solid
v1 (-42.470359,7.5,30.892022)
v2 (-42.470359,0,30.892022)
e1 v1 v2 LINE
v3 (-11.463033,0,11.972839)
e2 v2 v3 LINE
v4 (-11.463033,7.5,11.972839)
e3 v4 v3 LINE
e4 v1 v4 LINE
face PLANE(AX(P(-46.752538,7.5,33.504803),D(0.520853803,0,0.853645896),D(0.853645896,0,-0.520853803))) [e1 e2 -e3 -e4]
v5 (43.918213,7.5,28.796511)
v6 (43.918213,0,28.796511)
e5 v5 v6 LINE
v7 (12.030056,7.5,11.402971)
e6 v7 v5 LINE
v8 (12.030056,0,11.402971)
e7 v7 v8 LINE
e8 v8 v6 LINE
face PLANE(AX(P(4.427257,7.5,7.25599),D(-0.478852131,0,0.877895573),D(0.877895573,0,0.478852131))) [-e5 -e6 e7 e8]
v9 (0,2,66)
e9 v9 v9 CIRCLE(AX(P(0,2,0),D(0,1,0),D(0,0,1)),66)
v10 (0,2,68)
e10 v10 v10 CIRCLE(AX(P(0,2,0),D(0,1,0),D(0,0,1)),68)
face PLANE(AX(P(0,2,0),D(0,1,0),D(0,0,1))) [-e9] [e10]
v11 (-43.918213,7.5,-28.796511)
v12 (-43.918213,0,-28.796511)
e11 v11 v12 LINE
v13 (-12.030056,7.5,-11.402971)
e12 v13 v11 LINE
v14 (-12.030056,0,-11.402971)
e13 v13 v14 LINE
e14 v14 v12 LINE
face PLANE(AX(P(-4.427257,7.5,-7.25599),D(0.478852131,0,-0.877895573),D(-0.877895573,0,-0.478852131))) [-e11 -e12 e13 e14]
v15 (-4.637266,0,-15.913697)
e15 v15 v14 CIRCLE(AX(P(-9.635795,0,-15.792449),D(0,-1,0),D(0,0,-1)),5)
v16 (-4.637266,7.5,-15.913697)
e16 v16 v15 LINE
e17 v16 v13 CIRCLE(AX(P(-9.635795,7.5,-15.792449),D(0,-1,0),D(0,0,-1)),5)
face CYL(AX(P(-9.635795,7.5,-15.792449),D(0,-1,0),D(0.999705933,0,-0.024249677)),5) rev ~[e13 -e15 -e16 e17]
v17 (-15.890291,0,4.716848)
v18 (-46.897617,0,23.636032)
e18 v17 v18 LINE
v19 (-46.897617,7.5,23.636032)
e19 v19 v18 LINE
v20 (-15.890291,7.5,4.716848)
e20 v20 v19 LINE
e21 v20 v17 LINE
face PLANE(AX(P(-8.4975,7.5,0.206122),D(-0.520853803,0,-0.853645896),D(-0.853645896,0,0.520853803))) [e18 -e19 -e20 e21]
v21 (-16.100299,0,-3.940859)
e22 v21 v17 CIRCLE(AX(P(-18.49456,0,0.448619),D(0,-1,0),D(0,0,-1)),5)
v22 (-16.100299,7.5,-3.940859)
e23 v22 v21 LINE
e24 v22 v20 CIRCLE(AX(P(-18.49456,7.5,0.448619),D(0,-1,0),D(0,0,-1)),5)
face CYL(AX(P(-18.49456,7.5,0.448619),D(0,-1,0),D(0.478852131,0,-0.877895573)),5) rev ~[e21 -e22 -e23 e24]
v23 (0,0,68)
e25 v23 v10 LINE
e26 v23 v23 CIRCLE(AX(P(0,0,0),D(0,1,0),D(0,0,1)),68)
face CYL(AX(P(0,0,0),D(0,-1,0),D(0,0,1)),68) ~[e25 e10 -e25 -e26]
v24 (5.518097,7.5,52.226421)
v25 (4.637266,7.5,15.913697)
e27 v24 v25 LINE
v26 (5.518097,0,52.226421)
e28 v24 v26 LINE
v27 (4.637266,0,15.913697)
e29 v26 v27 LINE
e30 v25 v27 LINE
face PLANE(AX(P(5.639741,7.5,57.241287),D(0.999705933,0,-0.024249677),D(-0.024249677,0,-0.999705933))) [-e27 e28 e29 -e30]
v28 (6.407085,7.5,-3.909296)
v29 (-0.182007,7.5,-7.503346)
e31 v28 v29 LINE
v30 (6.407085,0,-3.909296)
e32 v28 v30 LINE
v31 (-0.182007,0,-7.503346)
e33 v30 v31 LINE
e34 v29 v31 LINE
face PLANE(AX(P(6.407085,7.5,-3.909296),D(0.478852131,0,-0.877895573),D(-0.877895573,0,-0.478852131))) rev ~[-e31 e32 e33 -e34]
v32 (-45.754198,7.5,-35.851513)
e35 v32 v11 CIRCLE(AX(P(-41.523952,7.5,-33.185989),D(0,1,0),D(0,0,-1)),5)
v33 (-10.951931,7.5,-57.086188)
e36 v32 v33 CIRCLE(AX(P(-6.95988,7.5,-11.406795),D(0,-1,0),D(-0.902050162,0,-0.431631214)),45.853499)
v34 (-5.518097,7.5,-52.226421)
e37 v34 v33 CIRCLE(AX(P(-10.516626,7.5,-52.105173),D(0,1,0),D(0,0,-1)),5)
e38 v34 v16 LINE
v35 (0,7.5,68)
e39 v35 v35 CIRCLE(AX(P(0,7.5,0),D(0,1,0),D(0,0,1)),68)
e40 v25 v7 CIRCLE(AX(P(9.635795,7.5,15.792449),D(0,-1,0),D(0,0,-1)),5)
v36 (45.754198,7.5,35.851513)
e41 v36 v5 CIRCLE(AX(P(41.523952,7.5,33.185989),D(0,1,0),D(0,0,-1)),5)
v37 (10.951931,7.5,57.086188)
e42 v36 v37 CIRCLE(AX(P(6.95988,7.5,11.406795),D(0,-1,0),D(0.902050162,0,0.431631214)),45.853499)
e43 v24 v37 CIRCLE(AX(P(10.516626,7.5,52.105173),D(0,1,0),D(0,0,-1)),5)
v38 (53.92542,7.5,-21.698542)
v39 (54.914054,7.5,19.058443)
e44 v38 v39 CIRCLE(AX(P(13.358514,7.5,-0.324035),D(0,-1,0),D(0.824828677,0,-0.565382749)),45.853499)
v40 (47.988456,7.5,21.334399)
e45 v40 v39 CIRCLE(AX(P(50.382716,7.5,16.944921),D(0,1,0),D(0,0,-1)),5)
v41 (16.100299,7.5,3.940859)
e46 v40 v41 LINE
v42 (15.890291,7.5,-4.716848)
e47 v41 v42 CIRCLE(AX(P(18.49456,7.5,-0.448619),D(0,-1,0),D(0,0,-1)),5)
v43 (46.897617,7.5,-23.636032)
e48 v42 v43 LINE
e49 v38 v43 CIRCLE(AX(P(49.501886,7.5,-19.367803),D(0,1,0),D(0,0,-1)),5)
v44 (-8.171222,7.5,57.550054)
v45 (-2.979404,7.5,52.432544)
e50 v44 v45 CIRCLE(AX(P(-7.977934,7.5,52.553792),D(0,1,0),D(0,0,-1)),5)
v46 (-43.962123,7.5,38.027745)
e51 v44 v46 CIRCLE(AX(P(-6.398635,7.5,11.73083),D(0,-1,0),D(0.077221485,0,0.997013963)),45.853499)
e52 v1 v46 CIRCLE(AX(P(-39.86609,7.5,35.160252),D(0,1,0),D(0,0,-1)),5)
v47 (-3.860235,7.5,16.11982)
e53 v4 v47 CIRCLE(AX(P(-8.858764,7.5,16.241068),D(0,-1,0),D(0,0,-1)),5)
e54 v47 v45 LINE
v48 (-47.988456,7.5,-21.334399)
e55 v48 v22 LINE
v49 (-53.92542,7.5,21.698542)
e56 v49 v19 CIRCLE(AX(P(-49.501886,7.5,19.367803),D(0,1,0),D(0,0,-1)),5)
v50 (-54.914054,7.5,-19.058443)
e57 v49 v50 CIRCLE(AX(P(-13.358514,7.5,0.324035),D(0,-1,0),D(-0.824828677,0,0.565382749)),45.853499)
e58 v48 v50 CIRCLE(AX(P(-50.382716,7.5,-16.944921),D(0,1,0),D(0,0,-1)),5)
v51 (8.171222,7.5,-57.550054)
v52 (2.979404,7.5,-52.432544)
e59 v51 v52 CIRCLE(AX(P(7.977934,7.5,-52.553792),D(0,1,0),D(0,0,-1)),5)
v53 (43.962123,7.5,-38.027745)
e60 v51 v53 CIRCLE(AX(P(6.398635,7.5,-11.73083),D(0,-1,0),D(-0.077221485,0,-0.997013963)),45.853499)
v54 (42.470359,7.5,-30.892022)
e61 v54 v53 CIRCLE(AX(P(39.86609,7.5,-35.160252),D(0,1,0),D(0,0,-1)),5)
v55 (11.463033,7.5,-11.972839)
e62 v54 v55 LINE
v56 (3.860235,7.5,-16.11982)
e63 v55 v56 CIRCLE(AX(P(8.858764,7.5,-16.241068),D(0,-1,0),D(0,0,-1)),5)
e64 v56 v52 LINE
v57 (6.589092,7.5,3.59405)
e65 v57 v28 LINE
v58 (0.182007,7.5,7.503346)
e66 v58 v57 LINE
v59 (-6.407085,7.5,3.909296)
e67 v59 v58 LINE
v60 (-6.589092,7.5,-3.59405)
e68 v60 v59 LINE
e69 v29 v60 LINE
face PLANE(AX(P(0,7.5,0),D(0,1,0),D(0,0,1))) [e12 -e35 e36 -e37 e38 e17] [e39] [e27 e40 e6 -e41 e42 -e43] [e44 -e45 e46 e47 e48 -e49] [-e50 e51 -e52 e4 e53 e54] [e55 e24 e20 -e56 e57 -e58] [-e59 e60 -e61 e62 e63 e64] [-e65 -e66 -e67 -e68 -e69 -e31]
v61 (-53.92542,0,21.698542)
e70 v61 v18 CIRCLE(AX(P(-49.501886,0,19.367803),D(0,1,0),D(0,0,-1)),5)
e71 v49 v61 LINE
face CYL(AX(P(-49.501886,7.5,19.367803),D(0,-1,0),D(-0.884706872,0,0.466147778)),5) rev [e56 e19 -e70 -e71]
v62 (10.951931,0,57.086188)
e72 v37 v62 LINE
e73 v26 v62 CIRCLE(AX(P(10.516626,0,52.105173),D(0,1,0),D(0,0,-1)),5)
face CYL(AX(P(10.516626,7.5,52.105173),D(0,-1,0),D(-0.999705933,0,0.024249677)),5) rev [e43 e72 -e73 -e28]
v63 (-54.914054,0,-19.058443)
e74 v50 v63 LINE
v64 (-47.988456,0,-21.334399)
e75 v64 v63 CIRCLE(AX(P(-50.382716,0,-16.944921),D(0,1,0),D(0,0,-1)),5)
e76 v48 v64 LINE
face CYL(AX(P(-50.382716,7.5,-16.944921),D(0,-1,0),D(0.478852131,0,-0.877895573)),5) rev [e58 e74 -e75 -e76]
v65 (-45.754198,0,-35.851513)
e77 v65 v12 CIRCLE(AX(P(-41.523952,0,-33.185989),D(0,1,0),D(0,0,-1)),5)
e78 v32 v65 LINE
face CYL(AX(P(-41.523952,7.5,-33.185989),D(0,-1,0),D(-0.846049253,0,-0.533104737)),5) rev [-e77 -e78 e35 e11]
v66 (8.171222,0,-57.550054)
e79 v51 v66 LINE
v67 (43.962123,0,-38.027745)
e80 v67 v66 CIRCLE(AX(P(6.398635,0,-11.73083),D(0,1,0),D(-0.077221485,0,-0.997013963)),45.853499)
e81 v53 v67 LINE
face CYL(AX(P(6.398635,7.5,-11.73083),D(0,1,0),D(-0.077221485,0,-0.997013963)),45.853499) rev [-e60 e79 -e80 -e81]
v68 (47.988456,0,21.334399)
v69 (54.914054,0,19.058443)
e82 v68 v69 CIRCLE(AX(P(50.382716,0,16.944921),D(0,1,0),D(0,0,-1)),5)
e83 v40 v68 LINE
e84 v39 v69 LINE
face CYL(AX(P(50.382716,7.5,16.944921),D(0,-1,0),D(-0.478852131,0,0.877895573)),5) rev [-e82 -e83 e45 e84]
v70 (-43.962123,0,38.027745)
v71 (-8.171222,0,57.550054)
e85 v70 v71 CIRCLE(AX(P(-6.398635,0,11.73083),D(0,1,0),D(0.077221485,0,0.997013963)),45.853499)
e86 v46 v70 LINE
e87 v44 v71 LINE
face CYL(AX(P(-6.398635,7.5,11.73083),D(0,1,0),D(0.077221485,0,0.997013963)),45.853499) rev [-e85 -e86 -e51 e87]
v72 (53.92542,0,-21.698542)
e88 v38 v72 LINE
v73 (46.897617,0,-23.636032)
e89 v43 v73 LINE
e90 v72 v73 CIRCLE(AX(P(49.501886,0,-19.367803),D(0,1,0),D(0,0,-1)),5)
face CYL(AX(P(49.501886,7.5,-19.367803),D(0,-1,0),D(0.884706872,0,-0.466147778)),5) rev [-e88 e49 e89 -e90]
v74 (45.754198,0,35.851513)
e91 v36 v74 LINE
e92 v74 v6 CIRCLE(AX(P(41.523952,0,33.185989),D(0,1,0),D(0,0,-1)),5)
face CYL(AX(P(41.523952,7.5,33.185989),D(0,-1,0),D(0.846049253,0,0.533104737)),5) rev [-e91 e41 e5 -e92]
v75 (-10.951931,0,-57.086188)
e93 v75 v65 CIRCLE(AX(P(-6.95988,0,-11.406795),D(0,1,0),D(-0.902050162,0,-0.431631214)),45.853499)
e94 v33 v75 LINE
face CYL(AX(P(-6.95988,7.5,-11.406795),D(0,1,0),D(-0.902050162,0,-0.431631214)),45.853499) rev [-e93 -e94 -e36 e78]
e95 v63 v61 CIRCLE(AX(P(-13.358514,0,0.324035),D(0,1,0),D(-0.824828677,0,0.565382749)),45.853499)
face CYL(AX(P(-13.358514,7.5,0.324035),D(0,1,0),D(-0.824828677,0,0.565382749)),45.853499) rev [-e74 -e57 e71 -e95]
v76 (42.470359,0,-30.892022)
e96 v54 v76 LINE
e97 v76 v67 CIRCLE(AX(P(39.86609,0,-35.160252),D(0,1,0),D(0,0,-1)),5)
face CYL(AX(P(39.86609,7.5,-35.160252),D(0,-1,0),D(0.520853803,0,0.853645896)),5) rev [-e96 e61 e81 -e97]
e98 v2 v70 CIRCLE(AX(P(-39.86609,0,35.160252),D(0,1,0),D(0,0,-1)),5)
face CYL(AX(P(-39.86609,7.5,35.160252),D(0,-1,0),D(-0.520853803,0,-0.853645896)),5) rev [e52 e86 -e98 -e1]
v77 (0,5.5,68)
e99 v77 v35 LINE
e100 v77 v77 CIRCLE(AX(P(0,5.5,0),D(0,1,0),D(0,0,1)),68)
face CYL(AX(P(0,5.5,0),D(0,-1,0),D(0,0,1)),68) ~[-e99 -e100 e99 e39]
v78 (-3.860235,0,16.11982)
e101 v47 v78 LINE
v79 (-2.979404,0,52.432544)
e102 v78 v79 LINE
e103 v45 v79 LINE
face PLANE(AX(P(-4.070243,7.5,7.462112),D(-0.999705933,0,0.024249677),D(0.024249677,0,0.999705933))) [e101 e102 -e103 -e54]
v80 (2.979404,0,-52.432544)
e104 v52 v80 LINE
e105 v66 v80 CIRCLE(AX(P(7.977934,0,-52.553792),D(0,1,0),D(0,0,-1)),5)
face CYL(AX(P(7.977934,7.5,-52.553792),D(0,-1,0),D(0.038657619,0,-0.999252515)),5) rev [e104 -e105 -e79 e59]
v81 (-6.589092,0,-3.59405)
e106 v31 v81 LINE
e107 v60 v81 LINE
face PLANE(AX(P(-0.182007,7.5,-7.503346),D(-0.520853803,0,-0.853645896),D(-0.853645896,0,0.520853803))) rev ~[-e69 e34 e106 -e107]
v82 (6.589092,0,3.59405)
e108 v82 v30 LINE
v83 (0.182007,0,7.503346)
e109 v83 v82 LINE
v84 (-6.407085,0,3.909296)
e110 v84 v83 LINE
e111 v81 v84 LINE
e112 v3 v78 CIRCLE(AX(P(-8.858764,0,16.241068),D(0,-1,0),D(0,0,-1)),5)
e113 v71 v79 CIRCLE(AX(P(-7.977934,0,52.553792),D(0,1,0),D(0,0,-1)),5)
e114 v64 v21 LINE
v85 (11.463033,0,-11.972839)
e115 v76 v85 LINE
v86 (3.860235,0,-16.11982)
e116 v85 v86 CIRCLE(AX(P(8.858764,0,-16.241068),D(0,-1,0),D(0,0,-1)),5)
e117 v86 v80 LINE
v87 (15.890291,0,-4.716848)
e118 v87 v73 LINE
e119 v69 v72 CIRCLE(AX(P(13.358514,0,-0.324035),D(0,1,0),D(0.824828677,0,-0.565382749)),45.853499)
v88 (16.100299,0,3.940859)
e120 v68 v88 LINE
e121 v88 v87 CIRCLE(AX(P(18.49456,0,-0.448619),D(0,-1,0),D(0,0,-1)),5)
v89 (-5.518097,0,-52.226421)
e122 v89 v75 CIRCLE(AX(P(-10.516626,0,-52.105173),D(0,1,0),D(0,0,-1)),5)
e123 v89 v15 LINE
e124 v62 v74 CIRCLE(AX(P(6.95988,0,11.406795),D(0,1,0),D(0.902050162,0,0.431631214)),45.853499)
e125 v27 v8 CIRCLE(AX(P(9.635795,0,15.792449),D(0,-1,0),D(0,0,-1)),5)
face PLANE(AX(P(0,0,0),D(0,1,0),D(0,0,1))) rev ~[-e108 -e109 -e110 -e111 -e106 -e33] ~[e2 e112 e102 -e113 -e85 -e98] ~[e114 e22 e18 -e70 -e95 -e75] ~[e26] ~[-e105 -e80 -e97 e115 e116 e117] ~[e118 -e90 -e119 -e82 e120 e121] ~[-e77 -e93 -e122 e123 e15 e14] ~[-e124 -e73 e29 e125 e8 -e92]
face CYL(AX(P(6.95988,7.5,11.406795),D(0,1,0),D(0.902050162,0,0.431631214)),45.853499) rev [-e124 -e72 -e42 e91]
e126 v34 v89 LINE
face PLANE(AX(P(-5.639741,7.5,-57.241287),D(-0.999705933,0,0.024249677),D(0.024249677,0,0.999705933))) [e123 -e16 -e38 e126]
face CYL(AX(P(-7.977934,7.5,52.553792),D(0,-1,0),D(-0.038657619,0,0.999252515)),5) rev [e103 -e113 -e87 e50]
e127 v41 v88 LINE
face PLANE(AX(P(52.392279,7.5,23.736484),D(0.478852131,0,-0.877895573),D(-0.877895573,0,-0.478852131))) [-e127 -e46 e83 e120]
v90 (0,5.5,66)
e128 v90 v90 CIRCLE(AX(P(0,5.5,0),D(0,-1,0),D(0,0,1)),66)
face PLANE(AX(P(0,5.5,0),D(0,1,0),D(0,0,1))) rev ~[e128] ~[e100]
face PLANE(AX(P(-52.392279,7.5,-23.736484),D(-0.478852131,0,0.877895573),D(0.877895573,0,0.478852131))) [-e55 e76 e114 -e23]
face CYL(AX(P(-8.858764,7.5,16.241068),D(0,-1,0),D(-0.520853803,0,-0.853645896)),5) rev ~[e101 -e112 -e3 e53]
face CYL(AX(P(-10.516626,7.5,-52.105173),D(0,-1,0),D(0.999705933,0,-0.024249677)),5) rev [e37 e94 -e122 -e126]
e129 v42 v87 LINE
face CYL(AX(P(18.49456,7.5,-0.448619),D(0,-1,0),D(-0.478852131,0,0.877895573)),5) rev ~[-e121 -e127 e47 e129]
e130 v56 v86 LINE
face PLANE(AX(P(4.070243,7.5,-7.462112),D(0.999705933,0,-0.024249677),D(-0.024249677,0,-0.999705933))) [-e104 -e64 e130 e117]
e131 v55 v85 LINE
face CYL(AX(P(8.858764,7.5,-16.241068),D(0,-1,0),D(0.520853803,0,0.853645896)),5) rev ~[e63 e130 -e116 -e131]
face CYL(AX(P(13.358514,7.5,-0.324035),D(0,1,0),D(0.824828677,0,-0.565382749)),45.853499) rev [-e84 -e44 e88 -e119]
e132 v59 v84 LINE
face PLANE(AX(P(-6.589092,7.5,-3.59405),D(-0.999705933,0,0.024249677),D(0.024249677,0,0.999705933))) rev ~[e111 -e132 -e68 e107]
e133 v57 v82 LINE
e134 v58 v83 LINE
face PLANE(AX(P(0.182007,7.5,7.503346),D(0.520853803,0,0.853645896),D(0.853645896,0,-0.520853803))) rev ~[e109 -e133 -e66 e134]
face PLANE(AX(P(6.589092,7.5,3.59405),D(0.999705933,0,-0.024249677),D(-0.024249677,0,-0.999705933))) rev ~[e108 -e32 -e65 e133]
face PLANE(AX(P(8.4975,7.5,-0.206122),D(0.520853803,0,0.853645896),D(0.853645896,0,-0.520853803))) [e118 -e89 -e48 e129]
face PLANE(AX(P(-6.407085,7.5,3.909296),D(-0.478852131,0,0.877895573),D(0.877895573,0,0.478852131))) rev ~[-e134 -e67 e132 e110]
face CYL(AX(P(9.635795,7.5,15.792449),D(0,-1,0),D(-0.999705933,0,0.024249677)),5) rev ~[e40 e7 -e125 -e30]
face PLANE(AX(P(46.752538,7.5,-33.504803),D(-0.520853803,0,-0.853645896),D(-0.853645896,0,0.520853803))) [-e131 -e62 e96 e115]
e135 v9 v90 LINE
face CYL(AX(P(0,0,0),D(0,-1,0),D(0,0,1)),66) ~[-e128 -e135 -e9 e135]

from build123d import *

# Parameters (mm, degrees)
SKETCH1_R                = 66
BOSS_EXTRUDE1_DEPTH      = 7.5
SKETCH1_4_R              = 68
SKETCH1_4_R_2            = 66
BOSS_EXTRUDE3_DEPTH      = 2
BOSS_EXTRUDE4_START      = -2
SKETCH4_R                = 68
BOSS_EXTRUDE4_DEPTH      = 2
CUT_EXTRUDE1_DEPTH       = 97.458540317
CUT_EXTRUDE2_DEPTH       = 97.458540317
FILLET1_R                = 5
CIRPATTERN1_COUNT        = 6
FILLET1_OF_CIRPATTERN1_R = 5


with BuildPart() as part:
    # Sketch1 → Boss-Extrude1 (new body)
    with BuildSketch(Plane(origin=(0, 0, 0), x_dir=(1, 0, 0), z_dir=(0, 1, 0))):
        Circle(SKETCH1_R)
    extrude(amount=BOSS_EXTRUDE1_DEPTH)

    # Sketch1<4> → Boss-Extrude3 (add)
    with BuildSketch(Plane(origin=(0, 0, 0), x_dir=(1, 0, 0), z_dir=(0, 1, 0))):
        Circle(SKETCH1_4_R)
        Circle(SKETCH1_4_R_2, mode=Mode.SUBTRACT)
    extrude(amount=BOSS_EXTRUDE3_DEPTH)

    # Sketch4 → Boss-Extrude4 (add)
    with BuildSketch(Plane(origin=(0, 7.5, 0), x_dir=(1, 0, 0), z_dir=(0, 1, 0)).offset(BOSS_EXTRUDE4_START)):
        Circle(SKETCH4_R)
    extrude(amount=BOSS_EXTRUDE4_DEPTH)

    # Sketch6 → Cut-Extrude1 (cut, through all)
    with BuildSketch(Plane(origin=(0, 7.5, 0), x_dir=(1, 0, 0), z_dir=(0, 1, 0))):
        Polygon((-6.589092189, 3.594050285), (-6.407084944, -3.909296081), (0.182007245, -7.503346367), (6.589092189, -3.594050285), (6.407084944, 3.909296081), (-0.182007245, 7.503346367), align=None)
    extrude(amount=-CUT_EXTRUDE1_DEPTH, mode=Mode.SUBTRACT)

    # Sketch7 → Cut-Extrude2 (cut, through all)
    with BuildSketch(Plane(origin=(0, 7.5, 0), x_dir=(1, 0, 0), z_dir=(0, 1, 0))):
        with BuildLine():
            Line((-4.427257323, 7.255990118), (-48.322035968, 31.198596652))
            ThreePointArc((-48.322035968, 31.198596652), (-30.84284899, 50.549446572), (-5.639741154, 57.241286786))
            Line((-5.639741154, 57.241286786), (-4.427257323, 7.255990118))
        make_face()
    cut_extrude2 = extrude(amount=-CUT_EXTRUDE2_DEPTH, mode=Mode.SUBTRACT)

    # Fillet1
    fillet1_edges = [part.edges().sort_by_distance(p)[0] for p in [
        (-4.427257323, 3.75, -7.255990118),
        (-5.639741154, 3.75, -57.241286786),
        (-48.322035968, 3.75, -31.198596652),
    ]]
    fillet(fillet1_edges, radius=FILLET1_R)

    # CirPattern1: Cut-Extrude2 ×6 about axis
    cirpattern1_axis = Axis((0, 0, 0), (0, 1, 0))
    for i in range(1, CIRPATTERN1_COUNT):
        add(cut_extrude2.rotate(cirpattern1_axis, i * 360 / CIRPATTERN1_COUNT), mode=Mode.SUBTRACT)

    # Fillet1 of CirPattern1
    fillet1_of_cirpattern1_edges = [part.edges().sort_by_distance(p)[0] for p in [
        (-8.497500434, 3.75, 0.206122251),
        (-52.392279079, 3.75, -23.736484283),
        (-51.179795248, 3.75, 26.248812385),
        (-4.070243111, 3.75, 7.46211237),
        (-46.752537925, 3.75, 33.504802503),
        (-2.857759279, 3.75, 57.447409037),
        (4.427257323, 3.75, 7.255990118),
        (5.639741154, 3.75, 57.241286786),
        (48.322035968, 3.75, 31.198596652),
        (8.497500434, 3.75, -0.206122251),
        (52.392279079, 3.75, 23.736484283),
        (51.179795248, 3.75, -26.248812385),
        (4.070243111, 3.75, -7.46211237),
        (46.752537925, 3.75, -33.504802503),
        (2.857759279, 3.75, -57.447409037),
    ]]
    fillet(fillet1_of_cirpattern1_edges, radius=FILLET1_OF_CIRPATTERN1_R)


solid = part.part
